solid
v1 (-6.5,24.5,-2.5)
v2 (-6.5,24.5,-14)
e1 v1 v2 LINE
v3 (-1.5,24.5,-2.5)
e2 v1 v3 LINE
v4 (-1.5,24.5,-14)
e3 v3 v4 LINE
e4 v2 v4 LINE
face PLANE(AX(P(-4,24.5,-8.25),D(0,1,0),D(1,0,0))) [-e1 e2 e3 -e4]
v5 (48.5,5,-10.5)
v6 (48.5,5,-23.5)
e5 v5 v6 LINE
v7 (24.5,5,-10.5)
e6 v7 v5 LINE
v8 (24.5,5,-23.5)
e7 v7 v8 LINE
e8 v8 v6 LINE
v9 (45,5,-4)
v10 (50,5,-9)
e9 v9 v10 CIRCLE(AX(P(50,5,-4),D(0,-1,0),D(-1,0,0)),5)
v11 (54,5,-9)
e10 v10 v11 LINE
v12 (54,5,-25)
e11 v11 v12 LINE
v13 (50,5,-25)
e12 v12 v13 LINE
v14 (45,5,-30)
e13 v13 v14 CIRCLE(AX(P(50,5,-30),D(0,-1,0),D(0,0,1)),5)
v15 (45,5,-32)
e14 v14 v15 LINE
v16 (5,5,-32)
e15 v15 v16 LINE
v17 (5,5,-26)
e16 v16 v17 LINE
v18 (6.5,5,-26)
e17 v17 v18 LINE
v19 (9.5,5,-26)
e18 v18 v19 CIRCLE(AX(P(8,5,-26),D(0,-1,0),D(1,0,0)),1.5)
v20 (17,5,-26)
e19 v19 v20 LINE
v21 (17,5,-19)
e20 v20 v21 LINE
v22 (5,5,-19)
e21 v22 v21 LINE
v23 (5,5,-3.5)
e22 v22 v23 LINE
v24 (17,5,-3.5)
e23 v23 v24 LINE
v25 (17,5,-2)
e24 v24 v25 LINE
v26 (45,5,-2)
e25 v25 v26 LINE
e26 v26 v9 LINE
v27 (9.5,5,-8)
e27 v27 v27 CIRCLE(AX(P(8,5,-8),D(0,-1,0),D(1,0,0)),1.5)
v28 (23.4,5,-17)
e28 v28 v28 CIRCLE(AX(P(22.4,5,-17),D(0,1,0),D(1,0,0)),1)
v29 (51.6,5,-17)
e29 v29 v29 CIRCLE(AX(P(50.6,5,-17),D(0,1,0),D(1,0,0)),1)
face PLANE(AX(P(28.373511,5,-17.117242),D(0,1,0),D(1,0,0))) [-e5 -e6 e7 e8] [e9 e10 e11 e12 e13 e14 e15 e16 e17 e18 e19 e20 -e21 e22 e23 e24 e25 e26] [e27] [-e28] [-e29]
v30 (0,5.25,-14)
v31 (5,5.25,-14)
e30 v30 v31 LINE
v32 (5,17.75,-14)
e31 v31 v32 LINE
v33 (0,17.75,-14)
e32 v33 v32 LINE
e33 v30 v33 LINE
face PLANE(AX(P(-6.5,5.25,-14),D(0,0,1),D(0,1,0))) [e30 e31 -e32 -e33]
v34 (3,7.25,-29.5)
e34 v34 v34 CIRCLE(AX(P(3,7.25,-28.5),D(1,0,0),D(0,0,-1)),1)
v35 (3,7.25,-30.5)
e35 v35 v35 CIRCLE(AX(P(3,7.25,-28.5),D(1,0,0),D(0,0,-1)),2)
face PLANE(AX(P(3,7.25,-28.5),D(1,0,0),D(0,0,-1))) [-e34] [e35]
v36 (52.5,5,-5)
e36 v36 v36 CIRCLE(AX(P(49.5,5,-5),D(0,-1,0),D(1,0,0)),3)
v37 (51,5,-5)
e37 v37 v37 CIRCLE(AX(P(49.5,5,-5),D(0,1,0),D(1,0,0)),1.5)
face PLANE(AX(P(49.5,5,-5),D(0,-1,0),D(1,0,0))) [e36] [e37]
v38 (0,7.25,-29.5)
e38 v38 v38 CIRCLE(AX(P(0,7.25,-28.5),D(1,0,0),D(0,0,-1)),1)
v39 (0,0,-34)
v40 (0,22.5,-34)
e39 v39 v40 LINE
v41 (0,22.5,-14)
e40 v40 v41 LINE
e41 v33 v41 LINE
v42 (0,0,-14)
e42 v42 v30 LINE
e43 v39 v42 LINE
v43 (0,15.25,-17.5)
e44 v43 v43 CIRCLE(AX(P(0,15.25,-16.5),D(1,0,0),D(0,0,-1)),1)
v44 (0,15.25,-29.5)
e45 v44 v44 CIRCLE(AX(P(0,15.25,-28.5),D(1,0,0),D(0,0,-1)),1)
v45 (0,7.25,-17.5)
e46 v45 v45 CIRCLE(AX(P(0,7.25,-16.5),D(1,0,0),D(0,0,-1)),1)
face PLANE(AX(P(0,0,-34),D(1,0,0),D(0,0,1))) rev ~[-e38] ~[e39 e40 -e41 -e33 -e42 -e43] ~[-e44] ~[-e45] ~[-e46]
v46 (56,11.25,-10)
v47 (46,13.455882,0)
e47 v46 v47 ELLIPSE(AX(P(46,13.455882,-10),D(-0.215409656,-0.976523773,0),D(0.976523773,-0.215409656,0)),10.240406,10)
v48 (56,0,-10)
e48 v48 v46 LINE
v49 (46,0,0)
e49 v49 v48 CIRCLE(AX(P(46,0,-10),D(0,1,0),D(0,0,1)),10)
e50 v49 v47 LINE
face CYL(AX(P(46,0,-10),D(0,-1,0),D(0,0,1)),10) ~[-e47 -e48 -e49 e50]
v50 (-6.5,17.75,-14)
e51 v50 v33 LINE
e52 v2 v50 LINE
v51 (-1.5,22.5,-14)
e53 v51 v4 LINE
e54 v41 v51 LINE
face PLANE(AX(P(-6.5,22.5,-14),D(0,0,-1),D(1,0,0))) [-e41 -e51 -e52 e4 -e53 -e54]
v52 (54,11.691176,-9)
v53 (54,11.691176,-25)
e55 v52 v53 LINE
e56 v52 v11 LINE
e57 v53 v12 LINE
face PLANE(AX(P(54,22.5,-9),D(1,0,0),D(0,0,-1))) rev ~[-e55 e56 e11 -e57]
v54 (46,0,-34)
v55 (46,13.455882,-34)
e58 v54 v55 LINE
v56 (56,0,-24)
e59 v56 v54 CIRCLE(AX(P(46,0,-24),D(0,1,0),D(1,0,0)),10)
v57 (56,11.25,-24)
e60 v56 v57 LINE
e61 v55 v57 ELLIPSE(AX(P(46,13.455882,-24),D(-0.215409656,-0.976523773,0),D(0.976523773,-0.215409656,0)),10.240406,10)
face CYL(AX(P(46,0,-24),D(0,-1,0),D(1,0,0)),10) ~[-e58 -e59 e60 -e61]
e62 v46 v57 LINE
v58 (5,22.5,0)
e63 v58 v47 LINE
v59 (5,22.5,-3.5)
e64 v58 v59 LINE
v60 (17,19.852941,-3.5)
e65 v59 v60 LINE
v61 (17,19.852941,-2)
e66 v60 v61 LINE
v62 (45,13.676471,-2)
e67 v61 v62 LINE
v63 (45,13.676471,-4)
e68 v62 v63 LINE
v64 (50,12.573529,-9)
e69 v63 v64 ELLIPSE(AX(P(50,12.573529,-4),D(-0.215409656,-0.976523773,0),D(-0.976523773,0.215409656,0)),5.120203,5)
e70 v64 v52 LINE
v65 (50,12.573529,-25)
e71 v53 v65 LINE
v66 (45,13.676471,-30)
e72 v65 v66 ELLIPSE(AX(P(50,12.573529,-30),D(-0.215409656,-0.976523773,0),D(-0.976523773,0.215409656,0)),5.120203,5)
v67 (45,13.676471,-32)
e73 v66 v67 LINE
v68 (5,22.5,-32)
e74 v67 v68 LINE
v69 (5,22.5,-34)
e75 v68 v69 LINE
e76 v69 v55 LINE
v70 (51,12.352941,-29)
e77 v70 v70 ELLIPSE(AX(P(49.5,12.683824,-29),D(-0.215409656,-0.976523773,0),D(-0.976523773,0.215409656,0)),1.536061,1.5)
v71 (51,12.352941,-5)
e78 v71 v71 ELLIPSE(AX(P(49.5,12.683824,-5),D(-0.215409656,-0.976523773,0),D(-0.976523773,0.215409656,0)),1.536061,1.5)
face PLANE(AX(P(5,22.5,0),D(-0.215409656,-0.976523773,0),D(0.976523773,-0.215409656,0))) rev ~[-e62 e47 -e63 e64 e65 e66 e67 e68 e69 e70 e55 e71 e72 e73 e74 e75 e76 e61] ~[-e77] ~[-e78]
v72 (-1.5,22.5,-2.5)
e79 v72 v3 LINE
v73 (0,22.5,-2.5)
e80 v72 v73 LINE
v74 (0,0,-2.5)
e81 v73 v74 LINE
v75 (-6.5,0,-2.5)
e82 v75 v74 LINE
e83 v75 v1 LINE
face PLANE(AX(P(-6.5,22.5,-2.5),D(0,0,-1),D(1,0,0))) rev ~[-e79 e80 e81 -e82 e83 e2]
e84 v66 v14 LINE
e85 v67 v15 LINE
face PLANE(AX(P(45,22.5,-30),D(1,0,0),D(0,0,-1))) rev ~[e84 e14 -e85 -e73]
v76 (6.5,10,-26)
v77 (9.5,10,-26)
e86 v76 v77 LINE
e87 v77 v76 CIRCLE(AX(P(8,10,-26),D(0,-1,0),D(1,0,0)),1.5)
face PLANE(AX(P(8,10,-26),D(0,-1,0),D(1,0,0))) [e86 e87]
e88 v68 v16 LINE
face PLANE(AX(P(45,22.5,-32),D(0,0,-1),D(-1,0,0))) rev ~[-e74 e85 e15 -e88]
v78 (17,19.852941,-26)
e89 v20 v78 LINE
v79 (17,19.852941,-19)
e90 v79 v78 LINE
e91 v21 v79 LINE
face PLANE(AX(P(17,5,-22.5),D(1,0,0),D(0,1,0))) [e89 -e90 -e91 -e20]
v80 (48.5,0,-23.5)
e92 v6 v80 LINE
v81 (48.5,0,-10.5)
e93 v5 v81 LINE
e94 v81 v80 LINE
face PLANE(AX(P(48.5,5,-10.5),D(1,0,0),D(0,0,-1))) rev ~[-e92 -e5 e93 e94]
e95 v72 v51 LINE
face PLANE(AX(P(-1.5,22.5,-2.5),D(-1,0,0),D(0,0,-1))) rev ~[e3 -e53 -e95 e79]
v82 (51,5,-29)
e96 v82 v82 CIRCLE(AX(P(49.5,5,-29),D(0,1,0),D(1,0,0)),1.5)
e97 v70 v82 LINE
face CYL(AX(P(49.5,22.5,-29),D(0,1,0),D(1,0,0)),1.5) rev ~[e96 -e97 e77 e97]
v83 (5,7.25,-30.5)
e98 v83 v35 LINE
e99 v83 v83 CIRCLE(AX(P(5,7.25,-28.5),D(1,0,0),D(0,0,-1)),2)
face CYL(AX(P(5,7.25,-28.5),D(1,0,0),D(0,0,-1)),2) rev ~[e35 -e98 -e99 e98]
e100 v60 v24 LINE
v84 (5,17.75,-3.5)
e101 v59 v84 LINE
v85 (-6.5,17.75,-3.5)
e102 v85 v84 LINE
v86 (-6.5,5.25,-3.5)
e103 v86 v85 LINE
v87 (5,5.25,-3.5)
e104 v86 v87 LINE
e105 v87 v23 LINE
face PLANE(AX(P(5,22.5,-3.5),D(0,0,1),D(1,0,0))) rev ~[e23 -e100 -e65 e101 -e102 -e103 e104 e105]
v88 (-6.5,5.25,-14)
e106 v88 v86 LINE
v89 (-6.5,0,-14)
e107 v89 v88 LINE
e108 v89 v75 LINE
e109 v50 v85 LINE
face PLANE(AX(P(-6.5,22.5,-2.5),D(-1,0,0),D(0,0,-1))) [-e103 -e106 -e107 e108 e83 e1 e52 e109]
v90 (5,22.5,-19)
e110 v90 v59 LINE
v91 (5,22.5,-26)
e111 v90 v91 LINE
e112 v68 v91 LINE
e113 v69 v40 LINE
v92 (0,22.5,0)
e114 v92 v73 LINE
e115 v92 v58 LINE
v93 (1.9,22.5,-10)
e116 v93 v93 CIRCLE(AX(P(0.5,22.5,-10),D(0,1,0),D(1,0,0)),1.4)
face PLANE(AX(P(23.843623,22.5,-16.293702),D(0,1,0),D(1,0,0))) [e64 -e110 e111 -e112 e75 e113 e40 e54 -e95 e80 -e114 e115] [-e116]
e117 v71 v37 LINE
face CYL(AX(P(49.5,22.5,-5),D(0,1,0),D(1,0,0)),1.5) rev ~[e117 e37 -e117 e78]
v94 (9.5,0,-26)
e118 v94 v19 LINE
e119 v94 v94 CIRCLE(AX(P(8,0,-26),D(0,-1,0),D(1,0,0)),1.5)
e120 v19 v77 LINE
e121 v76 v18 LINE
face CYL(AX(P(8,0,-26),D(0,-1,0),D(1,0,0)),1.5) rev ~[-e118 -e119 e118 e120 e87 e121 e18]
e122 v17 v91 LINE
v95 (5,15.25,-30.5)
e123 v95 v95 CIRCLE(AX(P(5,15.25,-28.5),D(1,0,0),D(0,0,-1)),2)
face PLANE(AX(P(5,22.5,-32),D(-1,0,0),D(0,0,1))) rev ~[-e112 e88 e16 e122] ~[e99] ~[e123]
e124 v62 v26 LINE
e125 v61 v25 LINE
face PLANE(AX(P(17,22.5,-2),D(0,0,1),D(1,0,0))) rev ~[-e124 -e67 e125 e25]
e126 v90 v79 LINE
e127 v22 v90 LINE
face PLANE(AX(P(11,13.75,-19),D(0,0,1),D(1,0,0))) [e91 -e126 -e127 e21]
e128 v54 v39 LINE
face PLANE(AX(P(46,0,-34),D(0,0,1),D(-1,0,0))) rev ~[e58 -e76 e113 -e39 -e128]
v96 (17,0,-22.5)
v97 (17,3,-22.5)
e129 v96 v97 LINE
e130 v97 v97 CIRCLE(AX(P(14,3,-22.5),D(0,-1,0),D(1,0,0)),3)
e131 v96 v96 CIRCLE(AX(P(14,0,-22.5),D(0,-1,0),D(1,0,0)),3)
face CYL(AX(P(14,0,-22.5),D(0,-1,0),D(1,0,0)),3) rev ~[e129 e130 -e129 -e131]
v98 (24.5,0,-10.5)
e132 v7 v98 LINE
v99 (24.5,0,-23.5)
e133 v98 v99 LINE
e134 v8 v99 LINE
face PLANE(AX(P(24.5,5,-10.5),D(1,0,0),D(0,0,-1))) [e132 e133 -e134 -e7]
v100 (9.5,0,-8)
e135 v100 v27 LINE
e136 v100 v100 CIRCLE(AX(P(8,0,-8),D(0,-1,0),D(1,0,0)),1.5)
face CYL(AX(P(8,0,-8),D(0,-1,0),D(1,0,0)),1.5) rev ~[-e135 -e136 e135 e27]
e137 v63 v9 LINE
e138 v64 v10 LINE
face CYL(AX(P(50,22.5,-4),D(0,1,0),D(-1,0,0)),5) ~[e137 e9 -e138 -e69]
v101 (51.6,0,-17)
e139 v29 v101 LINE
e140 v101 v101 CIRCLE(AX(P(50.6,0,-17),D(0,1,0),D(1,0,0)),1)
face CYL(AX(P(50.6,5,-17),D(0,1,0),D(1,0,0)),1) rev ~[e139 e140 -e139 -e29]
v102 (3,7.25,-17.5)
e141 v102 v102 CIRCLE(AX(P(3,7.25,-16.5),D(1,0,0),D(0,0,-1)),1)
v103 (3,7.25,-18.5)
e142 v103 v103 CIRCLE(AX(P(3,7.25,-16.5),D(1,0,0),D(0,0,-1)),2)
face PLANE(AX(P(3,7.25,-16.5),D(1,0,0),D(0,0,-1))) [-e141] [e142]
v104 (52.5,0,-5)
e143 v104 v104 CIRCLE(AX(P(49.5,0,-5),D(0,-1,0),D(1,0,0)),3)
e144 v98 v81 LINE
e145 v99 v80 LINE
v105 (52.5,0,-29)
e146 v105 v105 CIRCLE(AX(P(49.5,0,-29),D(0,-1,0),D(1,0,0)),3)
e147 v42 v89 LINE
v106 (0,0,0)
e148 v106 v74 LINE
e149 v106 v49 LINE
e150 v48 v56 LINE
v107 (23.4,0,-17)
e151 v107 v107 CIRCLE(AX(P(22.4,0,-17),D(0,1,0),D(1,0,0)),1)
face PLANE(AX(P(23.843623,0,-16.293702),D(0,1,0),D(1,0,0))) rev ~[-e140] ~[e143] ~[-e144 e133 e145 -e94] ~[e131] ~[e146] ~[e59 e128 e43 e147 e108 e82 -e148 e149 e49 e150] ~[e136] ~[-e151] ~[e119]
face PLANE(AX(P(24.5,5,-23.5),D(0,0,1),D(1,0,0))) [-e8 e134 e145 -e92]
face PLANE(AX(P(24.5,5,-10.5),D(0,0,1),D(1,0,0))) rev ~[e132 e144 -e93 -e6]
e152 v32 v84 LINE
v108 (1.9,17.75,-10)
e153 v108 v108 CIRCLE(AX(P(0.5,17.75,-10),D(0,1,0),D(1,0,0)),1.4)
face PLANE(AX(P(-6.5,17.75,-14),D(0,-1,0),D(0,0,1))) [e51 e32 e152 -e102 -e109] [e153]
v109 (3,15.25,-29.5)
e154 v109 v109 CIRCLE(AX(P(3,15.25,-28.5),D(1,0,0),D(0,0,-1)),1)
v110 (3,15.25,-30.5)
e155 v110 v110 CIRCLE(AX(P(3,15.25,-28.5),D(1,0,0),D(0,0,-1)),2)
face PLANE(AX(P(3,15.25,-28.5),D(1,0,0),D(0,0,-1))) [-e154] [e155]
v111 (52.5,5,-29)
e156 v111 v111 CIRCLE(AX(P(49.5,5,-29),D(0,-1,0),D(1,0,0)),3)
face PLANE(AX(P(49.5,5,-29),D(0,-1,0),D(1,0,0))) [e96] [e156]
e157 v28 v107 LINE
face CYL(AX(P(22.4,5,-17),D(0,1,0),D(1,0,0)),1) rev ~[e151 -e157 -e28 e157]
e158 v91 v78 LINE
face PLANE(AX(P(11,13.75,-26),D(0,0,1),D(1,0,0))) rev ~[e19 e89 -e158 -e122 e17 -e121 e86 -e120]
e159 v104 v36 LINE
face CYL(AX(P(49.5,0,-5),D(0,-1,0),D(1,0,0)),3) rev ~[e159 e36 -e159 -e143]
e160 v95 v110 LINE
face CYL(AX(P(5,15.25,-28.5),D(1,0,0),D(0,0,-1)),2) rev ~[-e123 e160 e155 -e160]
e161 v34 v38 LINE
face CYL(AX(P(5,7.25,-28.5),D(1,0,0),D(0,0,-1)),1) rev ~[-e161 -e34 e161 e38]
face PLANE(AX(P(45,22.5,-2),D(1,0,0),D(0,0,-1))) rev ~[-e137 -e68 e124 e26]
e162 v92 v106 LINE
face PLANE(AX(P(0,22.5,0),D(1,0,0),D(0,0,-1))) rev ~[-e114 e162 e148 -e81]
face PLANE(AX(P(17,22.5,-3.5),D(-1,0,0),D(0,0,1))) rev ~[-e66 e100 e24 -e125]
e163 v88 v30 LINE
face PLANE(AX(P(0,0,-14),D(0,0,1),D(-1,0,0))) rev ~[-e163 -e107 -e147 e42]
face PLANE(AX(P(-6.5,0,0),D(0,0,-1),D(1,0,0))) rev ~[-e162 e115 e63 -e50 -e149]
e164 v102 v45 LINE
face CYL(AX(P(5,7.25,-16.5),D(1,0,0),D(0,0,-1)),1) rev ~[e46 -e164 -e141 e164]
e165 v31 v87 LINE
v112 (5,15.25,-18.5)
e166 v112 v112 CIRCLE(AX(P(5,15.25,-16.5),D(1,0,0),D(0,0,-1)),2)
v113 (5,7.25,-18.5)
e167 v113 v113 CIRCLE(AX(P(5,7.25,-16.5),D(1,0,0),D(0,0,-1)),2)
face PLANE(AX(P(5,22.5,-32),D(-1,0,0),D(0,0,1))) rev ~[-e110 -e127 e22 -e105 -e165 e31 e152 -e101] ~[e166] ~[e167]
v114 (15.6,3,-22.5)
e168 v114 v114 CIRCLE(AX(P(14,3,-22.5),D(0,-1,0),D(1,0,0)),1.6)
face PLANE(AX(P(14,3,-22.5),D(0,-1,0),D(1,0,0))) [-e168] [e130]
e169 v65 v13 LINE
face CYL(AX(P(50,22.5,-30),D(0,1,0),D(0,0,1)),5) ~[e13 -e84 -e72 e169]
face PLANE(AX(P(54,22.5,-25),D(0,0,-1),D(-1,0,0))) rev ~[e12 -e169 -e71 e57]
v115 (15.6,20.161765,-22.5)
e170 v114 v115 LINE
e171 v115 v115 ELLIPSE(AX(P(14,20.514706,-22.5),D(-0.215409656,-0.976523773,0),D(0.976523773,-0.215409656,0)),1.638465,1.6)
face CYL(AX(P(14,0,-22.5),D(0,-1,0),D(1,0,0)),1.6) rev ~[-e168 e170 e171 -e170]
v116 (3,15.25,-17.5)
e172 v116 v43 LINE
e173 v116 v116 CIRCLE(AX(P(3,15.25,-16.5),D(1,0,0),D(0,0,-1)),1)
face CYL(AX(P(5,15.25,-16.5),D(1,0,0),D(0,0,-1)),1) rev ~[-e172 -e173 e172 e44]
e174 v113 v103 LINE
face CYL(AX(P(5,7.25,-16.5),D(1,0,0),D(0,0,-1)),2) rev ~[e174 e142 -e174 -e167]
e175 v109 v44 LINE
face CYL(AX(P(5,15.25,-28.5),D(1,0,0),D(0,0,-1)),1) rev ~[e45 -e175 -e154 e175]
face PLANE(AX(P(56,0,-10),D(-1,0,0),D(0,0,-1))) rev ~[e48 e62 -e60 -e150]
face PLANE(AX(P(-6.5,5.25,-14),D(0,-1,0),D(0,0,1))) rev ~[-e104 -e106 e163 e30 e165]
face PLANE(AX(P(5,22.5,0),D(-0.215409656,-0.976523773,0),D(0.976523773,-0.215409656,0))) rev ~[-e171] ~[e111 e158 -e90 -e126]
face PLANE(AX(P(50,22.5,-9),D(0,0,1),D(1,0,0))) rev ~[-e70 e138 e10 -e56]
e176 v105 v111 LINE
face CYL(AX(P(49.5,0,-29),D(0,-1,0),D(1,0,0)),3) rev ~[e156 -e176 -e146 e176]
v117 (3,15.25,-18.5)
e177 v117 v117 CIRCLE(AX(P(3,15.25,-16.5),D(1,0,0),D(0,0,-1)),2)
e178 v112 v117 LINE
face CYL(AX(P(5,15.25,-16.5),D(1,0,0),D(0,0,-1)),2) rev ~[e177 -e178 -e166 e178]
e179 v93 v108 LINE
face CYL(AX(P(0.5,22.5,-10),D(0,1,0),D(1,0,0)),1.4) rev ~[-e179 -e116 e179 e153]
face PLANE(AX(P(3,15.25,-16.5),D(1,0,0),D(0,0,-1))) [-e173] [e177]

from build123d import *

# Parameters (mm, degrees)
BOSS_EXTRUDE1_DEPTH     = 22.5
CUT_EXTRUDE1_DEPTH      = 17.5
SKETCH4_R               = 1
CUT_EXTRUDE2_DEPTH      = 15
CUT_EXTRUDE2_DEPTH_BACK = 12.5
SKETCH5_W               = 10.5
SKETCH5_H               = 12.5
CUT_EXTRUDE3_DEPTH      = 20
SKETCH6_R               = 1.4
CUT_EXTRUDE4_DEPTH      = 10
SKETCH8_R               = 1
SKETCH8_W               = 24
SKETCH8_H               = 13
CUT_EXTRUDE6_DEPTH      = 6
SKETCH9_R               = 1.5
CUT_EXTRUDE7_DEPTH      = 23.5
SKETCH10_R              = 3
CUT_EXTRUDE8_DEPTH      = 5
SKETCH14_W              = 12
SKETCH14_H              = 17.5
BOSS_EXTRUDE3_DEPTH     = 3.5
SKETCH11_R              = 1.5
CUT_EXTRUDE9_DEPTH      = 10
SKETCH16_R              = 2
CUT_EXTRUDE11_DEPTH     = 2
SKETCH18_W              = 6.5
SKETCH18_H              = 2.5
CUT_EXTRUDE12_DEPTH     = 23.5
CUT_EXTRUDE14_DEPTH     = 35
SKETCH22_R              = 1.6
CUT_EXTRUDE15_DEPTH     = 23.5
SKETCH23_R              = 3
CUT_EXTRUDE18_DEPTH     = 3
SKETCH25_W              = 5
SKETCH25_H              = 11.5
BOSS_EXTRUDE4_DEPTH     = 2


with BuildPart() as part:
    # Sketch2 → Boss-Extrude1 (new body)
    with BuildSketch(Plane(origin=(0, 0, 0), x_dir=(1, 0, 0), z_dir=(0, 1, 0))):
        with BuildLine():
            Line((0, 0), (46, 0))
            ThreePointArc((46, 0), (53.071067812, 2.928932188), (56, 10))
            Line((56, 10), (56, 24))
            ThreePointArc((56, 24), (53.071067812, 31.071067812), (46, 34))
            Line((46, 34), (0, 34))
            Line((0, 34), (0, 14))
            Line((0, 14), (-6.5, 14))
            Line((-6.5, 14), (-6.5, 0))
            Line((-6.5, 0), (0, 0))
        make_face()
    extrude(amount=BOSS_EXTRUDE1_DEPTH)

    # Sketch3 → Cut-Extrude1 (cut)
    with BuildSketch(Plane(origin=(0, 22.5, 0), x_dir=(1, 0, 0), z_dir=(0, 1, 0))):
        with BuildLine():
            Line((45, 32), (5, 32))
            Line((5, 32), (5, 3.5))
            Line((5, 3.5), (17, 3.5))
            Line((17, 3.5), (17, 2))
            Line((17, 2), (45, 2))
            Line((45, 2), (45, 4))
            ThreePointArc((45, 4), (46.464466094, 7.535533906), (50, 9))
            Line((50, 9), (54, 9))
            Line((54, 9), (54, 25))
            Line((54, 25), (50, 25))
            ThreePointArc((50, 25), (46.464466094, 26.464466094), (45, 30))
            Line((45, 30), (45, 32))
        make_face()
    extrude(amount=-CUT_EXTRUDE1_DEPTH, mode=Mode.SUBTRACT)

    # Sketch4 → Cut-Extrude2 (cut, two sides)
    with BuildSketch(Plane(origin=(5, 0, 0), x_dir=(0, 0, -1), z_dir=(1, 0, 0))) as cut_extrude2_sk:
        with Locations((28.5, 15.25)):
            Circle(SKETCH4_R)
        with Locations((28.5, 7.25)):
            Circle(SKETCH4_R)
        with Locations((16.5, 7.25)):
            Circle(SKETCH4_R)
        with Locations((16.5, 15.25)):
            Circle(SKETCH4_R)
    extrude(amount=CUT_EXTRUDE2_DEPTH, mode=Mode.SUBTRACT)
    extrude(cut_extrude2_sk.sketch, amount=-CUT_EXTRUDE2_DEPTH_BACK, mode=Mode.SUBTRACT)

    # Sketch5 → Cut-Extrude3 (cut)
    with BuildSketch(Plane.ZY.offset(6.5)):
        with Locations((-8.75, 11.5)):
            Rectangle(SKETCH5_W, SKETCH5_H)
    extrude(amount=-CUT_EXTRUDE3_DEPTH, mode=Mode.SUBTRACT)

    # Sketch6 → Cut-Extrude4 (cut)
    with BuildSketch(Plane(origin=(0, 22.5, 0), x_dir=(1, 0, 0), z_dir=(0, 1, 0))):
        with Locations((0.5, 10)):
            Circle(SKETCH6_R)
    extrude(amount=-CUT_EXTRUDE4_DEPTH, mode=Mode.SUBTRACT)

    # Sketch8 → Cut-Extrude6 (cut, through all)
    with BuildSketch(Plane(origin=(0, 5, 0), x_dir=(1, 0, 0), z_dir=(0, 1, 0))):
        with Locations((50.6, 17)):
            Circle(SKETCH8_R)
        with Locations((22.4, 17)):
            Circle(SKETCH8_R)
        with Locations((36.5, 17)):
            Rectangle(SKETCH8_W, SKETCH8_H)
    extrude(amount=-CUT_EXTRUDE6_DEPTH, mode=Mode.SUBTRACT)

    # Sketch9 → Cut-Extrude7 (cut, through all)
    with BuildSketch(Plane(origin=(0, 22.5, 0), x_dir=(1, 0, 0), z_dir=(0, 1, 0))):
        with Locations((49.5, 29)):
            Circle(SKETCH9_R)
        with Locations((49.5, 5)):
            Circle(SKETCH9_R)
    extrude(amount=-CUT_EXTRUDE7_DEPTH, mode=Mode.SUBTRACT)

    # Sketch10 → Cut-Extrude8 (cut)
    with BuildSketch(Plane.XZ):
        with Locations((49.5, -5)):
            Circle(SKETCH10_R)
        with Locations((49.5, -29)):
            Circle(SKETCH10_R)
    extrude(amount=-CUT_EXTRUDE8_DEPTH, mode=Mode.SUBTRACT)

    # Sketch14 → Boss-Extrude3 (add, symmetric)
    with BuildSketch(Plane.XY.offset(-22.5)):
        with Locations((11, 13.75)):
            Rectangle(SKETCH14_W, SKETCH14_H)
    extrude(amount=BOSS_EXTRUDE3_DEPTH, both=True)

    # Sketch11 → Cut-Extrude9 (cut)
    with BuildSketch(Plane.XZ):
        with Locations((8, -8)):
            Circle(SKETCH11_R)
        with Locations((8, -26)):
            Circle(SKETCH11_R)
    extrude(amount=-CUT_EXTRUDE9_DEPTH, mode=Mode.SUBTRACT)

    # Sketch16 → Cut-Extrude11 (cut)
    with BuildSketch(Plane(origin=(5, 0, 0), x_dir=(0, 0, -1), z_dir=(1, 0, 0))):
        with Locations((28.5, 15.25)):
            Circle(SKETCH16_R)
        with Locations((28.5, 7.25)):
            Circle(SKETCH16_R)
        with Locations((16.5, 7.25)):
            Circle(SKETCH16_R)
        with Locations((16.5, 15.25)):
            Circle(SKETCH16_R)
    extrude(amount=-CUT_EXTRUDE11_DEPTH, mode=Mode.SUBTRACT)

    # Sketch18 → Cut-Extrude12 (cut, through all)
    with BuildSketch(Plane(origin=(0, 22.5, 0), x_dir=(1, 0, 0), z_dir=(0, 1, 0))):
        with Locations((-3.25, 1.25)):
            Rectangle(SKETCH18_W, SKETCH18_H)
    extrude(amount=-CUT_EXTRUDE12_DEPTH, mode=Mode.SUBTRACT)

    # Sketch21 → Cut-Extrude14 (cut, through all)
    with BuildSketch(Plane.XY):
        Polygon((5, 22.5), (56, 11.25), (56, 22.5), align=None)
    extrude(amount=-CUT_EXTRUDE14_DEPTH, mode=Mode.SUBTRACT)

    # Sketch22 → Cut-Extrude15 (cut, through all)
    with BuildSketch(Plane.XZ):
        with Locations((14, -22.5)):
            Circle(SKETCH22_R)
    extrude(amount=-CUT_EXTRUDE15_DEPTH, mode=Mode.SUBTRACT)

    # Sketch23 → Cut-Extrude18 (cut)
    with BuildSketch(Plane.XZ):
        with Locations((14, -22.5)):
            Circle(SKETCH23_R)
    extrude(amount=-CUT_EXTRUDE18_DEPTH, mode=Mode.SUBTRACT)

    # Sketch25 → Boss-Extrude4 (add)
    with BuildSketch(Plane(origin=(0, 22.5, 0), x_dir=(1, 0, 0), z_dir=(0, 1, 0))):
        with Locations((-4, 8.25)):
            Rectangle(SKETCH25_W, SKETCH25_H)
    extrude(amount=BOSS_EXTRUDE4_DEPTH)


solid = part.part
